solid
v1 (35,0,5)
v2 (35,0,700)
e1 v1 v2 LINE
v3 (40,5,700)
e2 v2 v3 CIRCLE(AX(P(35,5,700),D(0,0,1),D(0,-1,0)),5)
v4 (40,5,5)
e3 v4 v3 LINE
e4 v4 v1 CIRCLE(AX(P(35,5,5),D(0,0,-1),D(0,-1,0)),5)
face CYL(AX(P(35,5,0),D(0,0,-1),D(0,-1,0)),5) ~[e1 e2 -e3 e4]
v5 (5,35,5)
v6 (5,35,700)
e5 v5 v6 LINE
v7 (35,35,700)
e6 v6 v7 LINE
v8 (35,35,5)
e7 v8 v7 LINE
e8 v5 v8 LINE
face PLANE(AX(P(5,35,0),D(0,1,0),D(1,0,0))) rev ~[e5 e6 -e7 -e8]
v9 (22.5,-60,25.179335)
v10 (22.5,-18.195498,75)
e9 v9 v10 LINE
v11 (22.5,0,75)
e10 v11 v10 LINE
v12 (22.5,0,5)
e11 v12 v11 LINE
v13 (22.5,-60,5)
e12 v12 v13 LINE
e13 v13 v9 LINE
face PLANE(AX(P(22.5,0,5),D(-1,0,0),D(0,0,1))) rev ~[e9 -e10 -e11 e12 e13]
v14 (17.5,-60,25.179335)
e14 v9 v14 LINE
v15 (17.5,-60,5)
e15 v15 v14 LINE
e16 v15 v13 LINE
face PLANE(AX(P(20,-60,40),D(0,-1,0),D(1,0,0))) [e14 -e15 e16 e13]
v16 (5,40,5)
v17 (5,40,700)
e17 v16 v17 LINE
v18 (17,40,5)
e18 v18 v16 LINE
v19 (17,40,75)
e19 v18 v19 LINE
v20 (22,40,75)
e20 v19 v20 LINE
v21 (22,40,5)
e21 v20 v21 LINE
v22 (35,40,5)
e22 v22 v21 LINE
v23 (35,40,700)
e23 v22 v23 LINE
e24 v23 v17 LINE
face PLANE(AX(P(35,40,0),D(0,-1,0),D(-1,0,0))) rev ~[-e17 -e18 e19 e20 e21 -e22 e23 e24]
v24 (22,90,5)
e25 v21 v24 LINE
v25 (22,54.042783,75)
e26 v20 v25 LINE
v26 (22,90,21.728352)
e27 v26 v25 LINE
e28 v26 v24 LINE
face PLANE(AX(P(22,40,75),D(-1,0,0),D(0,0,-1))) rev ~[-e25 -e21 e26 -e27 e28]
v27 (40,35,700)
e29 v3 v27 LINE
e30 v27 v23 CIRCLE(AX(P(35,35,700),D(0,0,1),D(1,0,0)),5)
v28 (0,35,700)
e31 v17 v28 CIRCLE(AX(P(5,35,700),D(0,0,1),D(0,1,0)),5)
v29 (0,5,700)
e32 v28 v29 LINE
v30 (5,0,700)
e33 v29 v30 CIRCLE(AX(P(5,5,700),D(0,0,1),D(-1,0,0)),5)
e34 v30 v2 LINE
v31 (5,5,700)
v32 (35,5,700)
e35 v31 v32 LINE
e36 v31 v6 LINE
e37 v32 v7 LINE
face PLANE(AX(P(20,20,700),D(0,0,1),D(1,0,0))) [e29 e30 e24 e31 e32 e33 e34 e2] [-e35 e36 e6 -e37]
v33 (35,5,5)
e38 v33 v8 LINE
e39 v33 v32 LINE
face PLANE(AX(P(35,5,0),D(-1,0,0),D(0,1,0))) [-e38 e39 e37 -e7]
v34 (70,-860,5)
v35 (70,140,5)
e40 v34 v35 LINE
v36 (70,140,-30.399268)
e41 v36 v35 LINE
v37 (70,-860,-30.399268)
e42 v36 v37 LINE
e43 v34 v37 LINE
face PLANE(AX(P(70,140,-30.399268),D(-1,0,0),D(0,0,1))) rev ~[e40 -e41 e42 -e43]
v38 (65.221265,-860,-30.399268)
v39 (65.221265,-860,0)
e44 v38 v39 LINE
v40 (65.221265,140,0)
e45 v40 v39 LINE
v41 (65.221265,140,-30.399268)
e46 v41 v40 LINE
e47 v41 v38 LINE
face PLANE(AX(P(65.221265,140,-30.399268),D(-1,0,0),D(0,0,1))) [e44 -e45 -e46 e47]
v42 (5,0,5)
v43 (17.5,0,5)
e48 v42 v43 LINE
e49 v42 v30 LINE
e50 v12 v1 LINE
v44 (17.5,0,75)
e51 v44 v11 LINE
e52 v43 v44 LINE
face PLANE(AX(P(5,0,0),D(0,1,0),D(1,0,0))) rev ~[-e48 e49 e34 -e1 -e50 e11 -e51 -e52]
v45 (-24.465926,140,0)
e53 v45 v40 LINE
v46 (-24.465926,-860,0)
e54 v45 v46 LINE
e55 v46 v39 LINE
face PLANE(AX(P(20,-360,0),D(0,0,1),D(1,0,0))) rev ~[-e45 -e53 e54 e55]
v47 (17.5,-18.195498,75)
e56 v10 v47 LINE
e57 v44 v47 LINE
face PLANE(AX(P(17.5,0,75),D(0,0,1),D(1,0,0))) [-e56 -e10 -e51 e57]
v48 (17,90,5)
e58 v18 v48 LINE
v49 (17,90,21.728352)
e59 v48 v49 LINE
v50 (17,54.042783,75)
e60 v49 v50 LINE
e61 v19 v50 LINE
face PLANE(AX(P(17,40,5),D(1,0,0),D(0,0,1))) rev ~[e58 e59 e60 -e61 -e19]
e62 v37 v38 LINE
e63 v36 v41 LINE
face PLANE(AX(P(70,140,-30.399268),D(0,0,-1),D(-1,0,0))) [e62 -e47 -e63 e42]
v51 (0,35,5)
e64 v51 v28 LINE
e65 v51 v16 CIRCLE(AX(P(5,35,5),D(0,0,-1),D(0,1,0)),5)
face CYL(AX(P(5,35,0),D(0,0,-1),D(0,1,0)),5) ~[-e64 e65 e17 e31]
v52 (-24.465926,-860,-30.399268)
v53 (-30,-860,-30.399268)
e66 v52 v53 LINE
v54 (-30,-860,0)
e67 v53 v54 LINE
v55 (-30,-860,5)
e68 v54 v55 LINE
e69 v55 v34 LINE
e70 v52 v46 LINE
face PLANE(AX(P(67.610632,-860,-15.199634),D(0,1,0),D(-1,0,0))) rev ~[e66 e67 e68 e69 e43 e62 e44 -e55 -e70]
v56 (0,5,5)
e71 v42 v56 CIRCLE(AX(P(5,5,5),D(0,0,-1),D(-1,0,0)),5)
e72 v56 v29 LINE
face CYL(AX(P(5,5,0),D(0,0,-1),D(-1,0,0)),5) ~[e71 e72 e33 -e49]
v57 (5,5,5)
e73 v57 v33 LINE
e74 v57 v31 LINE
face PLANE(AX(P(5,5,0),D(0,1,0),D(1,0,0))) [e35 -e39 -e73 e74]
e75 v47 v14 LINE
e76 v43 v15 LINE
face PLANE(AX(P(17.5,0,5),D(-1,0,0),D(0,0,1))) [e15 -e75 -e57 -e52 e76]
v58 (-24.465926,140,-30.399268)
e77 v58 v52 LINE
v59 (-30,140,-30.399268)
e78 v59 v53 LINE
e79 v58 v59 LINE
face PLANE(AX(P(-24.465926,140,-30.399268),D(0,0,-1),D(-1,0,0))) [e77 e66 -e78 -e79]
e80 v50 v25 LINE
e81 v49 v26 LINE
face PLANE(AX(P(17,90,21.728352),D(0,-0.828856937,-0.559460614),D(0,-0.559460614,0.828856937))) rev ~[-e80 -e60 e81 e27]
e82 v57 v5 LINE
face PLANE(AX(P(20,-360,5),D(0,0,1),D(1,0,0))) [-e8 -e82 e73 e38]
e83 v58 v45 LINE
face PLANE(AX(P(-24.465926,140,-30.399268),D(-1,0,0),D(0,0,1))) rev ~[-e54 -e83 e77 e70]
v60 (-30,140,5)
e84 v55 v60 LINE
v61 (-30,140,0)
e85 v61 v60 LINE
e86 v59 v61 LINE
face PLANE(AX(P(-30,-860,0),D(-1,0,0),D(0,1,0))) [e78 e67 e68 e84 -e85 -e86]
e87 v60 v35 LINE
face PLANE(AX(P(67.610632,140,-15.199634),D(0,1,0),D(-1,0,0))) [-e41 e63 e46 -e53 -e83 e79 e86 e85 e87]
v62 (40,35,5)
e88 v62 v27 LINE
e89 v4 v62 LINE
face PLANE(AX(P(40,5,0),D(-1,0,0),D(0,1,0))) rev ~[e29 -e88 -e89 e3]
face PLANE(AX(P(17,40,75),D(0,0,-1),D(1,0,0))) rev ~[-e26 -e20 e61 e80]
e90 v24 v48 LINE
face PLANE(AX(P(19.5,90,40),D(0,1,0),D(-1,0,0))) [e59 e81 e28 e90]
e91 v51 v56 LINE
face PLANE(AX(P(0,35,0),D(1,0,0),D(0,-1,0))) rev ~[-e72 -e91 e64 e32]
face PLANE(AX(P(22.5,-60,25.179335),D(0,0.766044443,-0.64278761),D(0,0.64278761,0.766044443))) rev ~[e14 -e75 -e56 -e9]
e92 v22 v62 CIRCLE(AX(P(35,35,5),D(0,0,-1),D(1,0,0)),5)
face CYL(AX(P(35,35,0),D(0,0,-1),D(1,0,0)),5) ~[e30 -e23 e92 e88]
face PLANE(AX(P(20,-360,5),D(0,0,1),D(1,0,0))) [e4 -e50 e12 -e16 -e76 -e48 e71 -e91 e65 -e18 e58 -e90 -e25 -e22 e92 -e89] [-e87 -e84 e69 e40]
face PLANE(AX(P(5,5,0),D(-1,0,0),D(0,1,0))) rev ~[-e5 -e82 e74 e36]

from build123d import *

# Parameters (mm, degrees)
F0_W      = 30
F0_H      = 30
F1_DEPTH  = 700
F2_W      = 100
F2_H      = 1000
F3_DEPTH  = 5
F4_W      = 4.7787350416
F4_H      = 30.3992684931
F4_W_2    = 5.5340740085
F5_DEPTH  = 1000
F7_DEPTH  = 50
F9_DEPTH  = 25
F10_W     = 5
F10_H     = 70
F11_DEPTH = 60
F13_DEPTH = 25


with BuildPart() as f1:
    # F0 (on Top) → F1 (new body)
    with BuildSketch(Plane.XY):
        with BuildLine():
            ThreePointArc((0, 5), (1.4644660941, 1.4644660941), (5, 0))
            Line((5, 0), (35, 0))
            ThreePointArc((35, 0), (38.5355339059, 1.4644660941), (40, 5))
            Line((40, 5), (40, 35))
            ThreePointArc((40, 35), (38.5355339059, 38.5355339059), (35, 40))
            Line((35, 40), (5, 40))
            ThreePointArc((5, 40), (1.4644660941, 38.5355339059), (0, 35))
            Line((0, 35), (0, 5))
        make_face()
        with Locations((20, 20)):
            Rectangle(F0_W, F0_H, mode=Mode.SUBTRACT)
    extrude(amount=F1_DEPTH)

    # F2 (on Top) → F3 (join)
    with BuildSketch(Plane.XY):
        with Locations((20, -360)):
            Rectangle(F2_W, F2_H)
    extrude(amount=F3_DEPTH)

    # F4 (on face) → F5 (join)
    with BuildSketch(Plane(origin=(0, 140, 0), x_dir=(-1, 0, 0), z_dir=(0, 1, 0))):
        with Locations((-67.6106324792, -15.1996342465)):
            Rectangle(F4_W, F4_H)
        with Locations((27.2329629958, -15.1996342465)):
            Rectangle(F4_W_2, F4_H)
    extrude(amount=-F5_DEPTH)

    # F6 (on face) → F7 (join)
    with BuildSketch(Plane(origin=(0, 40, 0), x_dir=(-1, 0, 0), z_dir=(0, 1, 0))):
        Polygon((-17, 5), (-17, 75), (-22, 75), (-22, 5), (-20, 5), align=None)
    extrude(amount=F7_DEPTH)

    # F8 (on face) → F9 (cut)
    with BuildSketch(Plane(origin=(17, 0, 0), x_dir=(0, -1, 0), z_dir=(-1, 0, 0))):
        Polygon((-90, 21.7283517122), (-54.0427826345, 75), (-54.0427826345, 81.2046378851), (-94.0335020423, 81.2046378851), (-94.0335020423, 21.7283517122), align=None)
    extrude(amount=-F9_DEPTH, mode=Mode.SUBTRACT)

    # F10 (on face) → F11 (join)
    with BuildSketch(Plane.XZ):
        with Locations((20, 40)):
            Rectangle(F10_W, F10_H)
    extrude(amount=F11_DEPTH)

    # F12 (on face) → F13 (cut)
    with BuildSketch(Plane.YZ.offset(22.5)):
        Polygon((-60, 25.1793347407), (-18.1954981559, 75), (-60, 75), align=None)
    extrude(amount=-F13_DEPTH, mode=Mode.SUBTRACT)


solid = f1.part
